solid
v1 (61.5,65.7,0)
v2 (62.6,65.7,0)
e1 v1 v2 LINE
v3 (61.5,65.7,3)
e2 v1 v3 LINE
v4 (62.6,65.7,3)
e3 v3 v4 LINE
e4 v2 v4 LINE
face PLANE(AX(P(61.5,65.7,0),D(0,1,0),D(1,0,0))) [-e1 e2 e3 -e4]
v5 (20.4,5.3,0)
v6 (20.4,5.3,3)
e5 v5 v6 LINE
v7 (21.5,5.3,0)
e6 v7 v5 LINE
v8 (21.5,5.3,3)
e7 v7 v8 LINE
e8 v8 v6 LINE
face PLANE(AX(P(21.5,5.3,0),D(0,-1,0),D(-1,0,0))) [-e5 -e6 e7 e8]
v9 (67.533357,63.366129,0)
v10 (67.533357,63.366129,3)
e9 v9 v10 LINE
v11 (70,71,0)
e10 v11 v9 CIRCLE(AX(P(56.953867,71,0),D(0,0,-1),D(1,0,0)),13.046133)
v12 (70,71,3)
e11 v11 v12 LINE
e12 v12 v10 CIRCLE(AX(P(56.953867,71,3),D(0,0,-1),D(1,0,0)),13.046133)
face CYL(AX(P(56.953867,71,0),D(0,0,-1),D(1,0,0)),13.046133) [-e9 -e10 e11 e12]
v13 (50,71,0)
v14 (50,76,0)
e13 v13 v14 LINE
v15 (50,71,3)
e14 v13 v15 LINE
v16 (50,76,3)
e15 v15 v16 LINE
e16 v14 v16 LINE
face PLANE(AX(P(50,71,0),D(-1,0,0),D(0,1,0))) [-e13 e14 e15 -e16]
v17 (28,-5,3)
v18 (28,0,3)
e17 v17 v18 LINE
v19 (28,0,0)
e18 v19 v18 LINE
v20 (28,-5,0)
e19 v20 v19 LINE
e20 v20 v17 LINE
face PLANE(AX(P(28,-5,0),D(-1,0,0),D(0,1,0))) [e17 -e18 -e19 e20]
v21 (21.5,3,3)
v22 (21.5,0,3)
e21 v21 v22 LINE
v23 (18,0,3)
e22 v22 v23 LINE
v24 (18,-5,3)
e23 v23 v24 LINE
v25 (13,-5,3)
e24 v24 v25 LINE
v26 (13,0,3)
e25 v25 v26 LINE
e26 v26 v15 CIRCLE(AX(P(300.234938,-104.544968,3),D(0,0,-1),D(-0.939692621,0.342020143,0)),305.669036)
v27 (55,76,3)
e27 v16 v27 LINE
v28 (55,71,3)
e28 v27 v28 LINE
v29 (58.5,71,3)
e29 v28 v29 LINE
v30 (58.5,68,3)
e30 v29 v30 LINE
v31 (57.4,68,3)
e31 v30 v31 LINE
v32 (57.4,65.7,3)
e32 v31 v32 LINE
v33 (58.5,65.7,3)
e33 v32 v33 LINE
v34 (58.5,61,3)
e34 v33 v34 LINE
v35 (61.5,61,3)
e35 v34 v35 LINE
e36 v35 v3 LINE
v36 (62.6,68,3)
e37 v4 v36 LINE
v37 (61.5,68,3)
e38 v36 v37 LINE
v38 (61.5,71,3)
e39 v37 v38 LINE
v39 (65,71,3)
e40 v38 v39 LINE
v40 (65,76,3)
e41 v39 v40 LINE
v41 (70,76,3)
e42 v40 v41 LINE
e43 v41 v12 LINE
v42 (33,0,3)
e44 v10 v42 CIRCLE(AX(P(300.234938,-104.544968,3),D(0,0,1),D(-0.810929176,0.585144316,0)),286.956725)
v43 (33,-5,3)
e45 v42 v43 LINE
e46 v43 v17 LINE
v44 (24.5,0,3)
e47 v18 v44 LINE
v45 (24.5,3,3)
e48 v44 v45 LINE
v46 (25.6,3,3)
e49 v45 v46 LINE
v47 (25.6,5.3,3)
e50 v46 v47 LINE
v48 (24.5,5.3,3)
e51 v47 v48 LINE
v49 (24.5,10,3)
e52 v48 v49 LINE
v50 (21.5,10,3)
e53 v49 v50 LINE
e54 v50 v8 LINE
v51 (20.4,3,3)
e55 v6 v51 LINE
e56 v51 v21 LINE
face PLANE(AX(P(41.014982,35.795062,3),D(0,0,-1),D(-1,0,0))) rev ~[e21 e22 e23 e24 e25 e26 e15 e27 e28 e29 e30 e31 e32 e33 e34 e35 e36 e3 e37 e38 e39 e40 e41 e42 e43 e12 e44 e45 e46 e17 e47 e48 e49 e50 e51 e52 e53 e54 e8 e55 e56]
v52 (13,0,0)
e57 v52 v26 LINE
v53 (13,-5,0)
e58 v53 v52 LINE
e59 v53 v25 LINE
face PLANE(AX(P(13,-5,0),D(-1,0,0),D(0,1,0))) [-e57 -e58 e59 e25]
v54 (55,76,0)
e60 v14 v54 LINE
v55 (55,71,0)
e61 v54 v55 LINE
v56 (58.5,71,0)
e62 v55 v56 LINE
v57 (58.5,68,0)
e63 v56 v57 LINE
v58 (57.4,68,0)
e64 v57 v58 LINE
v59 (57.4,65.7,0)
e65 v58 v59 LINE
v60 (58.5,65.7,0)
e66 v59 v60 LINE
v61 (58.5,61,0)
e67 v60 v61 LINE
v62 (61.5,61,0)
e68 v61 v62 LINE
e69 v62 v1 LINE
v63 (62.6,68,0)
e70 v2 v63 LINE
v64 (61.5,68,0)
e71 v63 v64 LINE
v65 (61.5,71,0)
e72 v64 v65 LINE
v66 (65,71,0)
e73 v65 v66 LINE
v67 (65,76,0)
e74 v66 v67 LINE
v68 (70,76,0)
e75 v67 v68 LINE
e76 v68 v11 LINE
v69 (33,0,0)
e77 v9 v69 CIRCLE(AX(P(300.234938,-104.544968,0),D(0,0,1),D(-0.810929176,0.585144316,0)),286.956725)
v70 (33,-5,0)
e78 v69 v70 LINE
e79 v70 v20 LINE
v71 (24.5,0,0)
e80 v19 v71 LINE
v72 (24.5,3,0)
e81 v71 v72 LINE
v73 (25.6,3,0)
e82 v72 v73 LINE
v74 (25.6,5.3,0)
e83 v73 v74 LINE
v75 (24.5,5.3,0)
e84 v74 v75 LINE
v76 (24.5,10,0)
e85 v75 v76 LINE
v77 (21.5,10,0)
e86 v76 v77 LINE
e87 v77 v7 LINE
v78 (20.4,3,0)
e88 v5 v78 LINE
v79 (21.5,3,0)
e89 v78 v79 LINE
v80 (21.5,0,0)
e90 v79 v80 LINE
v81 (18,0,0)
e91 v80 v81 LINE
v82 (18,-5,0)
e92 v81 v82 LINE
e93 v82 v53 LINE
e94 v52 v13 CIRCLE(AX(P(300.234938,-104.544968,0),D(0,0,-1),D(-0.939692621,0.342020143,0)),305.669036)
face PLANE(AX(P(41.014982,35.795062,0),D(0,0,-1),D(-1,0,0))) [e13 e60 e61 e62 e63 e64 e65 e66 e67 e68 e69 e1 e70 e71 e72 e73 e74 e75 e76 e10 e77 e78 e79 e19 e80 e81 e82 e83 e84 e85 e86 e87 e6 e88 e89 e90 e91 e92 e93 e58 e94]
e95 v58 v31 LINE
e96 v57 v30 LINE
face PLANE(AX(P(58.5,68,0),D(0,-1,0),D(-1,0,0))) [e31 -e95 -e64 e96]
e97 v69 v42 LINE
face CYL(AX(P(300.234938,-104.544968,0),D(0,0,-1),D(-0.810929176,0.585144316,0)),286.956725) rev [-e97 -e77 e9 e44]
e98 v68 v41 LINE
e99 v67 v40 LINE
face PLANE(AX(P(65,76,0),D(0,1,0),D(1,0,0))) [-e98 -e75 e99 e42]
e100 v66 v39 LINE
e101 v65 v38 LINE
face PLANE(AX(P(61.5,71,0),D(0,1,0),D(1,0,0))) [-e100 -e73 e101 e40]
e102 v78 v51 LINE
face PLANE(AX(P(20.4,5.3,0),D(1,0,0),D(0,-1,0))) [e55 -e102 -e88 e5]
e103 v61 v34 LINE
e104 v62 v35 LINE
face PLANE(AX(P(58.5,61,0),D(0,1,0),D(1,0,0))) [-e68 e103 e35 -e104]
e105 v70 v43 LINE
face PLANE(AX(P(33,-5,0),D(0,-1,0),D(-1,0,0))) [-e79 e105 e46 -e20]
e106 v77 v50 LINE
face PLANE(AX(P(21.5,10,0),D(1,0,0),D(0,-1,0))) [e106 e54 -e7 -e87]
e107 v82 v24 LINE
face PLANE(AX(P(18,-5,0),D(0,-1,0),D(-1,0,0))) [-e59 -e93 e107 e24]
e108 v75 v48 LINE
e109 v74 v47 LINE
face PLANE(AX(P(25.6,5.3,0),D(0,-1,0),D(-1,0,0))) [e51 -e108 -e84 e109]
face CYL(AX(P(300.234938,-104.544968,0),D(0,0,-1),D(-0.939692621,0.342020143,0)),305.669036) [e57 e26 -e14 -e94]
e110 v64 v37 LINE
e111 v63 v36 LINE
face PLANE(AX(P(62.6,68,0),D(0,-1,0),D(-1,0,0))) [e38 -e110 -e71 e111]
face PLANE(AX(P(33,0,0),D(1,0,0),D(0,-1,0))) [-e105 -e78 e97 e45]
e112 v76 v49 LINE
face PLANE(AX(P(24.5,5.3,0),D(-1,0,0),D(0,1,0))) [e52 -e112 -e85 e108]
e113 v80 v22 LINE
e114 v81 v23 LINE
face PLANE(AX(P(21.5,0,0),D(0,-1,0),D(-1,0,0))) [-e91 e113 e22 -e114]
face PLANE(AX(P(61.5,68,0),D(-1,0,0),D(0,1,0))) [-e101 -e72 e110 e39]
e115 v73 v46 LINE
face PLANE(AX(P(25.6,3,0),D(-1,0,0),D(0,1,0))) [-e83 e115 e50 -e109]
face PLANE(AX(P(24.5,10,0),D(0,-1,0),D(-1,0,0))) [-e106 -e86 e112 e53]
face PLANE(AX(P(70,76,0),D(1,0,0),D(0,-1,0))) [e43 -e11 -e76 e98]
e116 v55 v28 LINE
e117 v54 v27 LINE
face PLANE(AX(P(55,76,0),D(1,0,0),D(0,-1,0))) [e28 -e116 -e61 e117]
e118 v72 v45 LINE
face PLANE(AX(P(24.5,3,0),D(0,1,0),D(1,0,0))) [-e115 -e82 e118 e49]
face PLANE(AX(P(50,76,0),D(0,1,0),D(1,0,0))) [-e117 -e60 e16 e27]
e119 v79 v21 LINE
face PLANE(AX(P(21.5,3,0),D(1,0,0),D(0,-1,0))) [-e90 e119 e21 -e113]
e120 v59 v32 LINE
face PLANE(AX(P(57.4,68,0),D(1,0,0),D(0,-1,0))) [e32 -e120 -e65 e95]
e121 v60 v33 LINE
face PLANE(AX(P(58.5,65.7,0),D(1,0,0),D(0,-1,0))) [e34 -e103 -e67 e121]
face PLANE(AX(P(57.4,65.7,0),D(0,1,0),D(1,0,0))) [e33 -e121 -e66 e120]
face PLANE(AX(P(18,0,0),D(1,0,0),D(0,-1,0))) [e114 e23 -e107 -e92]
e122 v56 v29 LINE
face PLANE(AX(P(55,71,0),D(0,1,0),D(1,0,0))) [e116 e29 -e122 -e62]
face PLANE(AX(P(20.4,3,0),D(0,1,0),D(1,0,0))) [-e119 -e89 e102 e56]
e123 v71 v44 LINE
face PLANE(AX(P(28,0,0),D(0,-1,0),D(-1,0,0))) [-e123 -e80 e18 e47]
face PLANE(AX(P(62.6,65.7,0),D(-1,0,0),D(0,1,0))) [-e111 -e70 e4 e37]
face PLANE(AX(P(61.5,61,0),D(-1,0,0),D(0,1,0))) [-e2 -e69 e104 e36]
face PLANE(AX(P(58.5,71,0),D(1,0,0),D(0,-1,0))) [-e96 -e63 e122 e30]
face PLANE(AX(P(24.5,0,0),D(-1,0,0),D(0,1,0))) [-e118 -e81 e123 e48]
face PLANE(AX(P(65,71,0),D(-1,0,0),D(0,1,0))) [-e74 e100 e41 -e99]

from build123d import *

# Parameters (mm, degrees)
BOSS_EXTRUDE1_DEPTH = 3


with BuildPart() as part:
    # Sketch1 → Boss-Extrude1 (new body)
    with BuildSketch(Plane.XY):
        with BuildLine():
            Line((61.5, 71), (65, 71))
            Line((65, 71), (65, 76))
            Line((65, 76), (70, 76))
            Line((70, 76), (70, 71))
            ThreePointArc((70, 71), (69.368032654, 66.988756089), (67.533356838, 63.366129268))
            ThreePointArc((67.533356838, 63.366129268), (48.266790444, 32.772966225), (33, 0))
            Line((33, 0), (33, -5))
            Line((33, -5), (28, -5))
            Line((28, -5), (28, 0))
            Line((28, 0), (24.5, 0))
            Line((24.5, 0), (24.5, 3))
            Line((24.5, 3), (25.6, 3))
            Line((25.6, 3), (25.6, 5.3))
            Line((25.6, 5.3), (24.5, 5.3))
            Line((24.5, 5.3), (24.5, 10))
            Line((24.5, 10), (21.5, 10))
            Line((21.5, 10), (21.5, 5.3))
            Line((21.5, 5.3), (20.4, 5.3))
            Line((20.4, 5.3), (20.4, 3))
            Line((20.4, 3), (21.5, 3))
            Line((21.5, 3), (21.5, 0))
            Line((21.5, 0), (18, 0))
            Line((18, 0), (18, -5))
            Line((18, -5), (13, -5))
            Line((13, -5), (13, 0))
            ThreePointArc((13, 0), (29.165358552, 36.716644135), (50, 71))
            Line((50, 71), (50, 76))
            Line((50, 76), (55, 76))
            Line((55, 76), (55, 71))
            Line((55, 71), (58.5, 71))
            Line((58.5, 71), (58.5, 68))
            Line((58.5, 68), (57.4, 68))
            Line((57.4, 68), (57.4, 65.7))
            Line((57.4, 65.7), (58.5, 65.7))
            Line((58.5, 65.7), (58.5, 61))
            Line((58.5, 61), (61.5, 61))
            Line((61.5, 61), (61.5, 65.7))
            Line((61.5, 65.7), (62.6, 65.7))
            Line((62.6, 65.7), (62.6, 68))
            Line((62.6, 68), (61.5, 68))
            Line((61.5, 68), (61.5, 71))
        make_face()
    extrude(amount=BOSS_EXTRUDE1_DEPTH)


solid = part.part
